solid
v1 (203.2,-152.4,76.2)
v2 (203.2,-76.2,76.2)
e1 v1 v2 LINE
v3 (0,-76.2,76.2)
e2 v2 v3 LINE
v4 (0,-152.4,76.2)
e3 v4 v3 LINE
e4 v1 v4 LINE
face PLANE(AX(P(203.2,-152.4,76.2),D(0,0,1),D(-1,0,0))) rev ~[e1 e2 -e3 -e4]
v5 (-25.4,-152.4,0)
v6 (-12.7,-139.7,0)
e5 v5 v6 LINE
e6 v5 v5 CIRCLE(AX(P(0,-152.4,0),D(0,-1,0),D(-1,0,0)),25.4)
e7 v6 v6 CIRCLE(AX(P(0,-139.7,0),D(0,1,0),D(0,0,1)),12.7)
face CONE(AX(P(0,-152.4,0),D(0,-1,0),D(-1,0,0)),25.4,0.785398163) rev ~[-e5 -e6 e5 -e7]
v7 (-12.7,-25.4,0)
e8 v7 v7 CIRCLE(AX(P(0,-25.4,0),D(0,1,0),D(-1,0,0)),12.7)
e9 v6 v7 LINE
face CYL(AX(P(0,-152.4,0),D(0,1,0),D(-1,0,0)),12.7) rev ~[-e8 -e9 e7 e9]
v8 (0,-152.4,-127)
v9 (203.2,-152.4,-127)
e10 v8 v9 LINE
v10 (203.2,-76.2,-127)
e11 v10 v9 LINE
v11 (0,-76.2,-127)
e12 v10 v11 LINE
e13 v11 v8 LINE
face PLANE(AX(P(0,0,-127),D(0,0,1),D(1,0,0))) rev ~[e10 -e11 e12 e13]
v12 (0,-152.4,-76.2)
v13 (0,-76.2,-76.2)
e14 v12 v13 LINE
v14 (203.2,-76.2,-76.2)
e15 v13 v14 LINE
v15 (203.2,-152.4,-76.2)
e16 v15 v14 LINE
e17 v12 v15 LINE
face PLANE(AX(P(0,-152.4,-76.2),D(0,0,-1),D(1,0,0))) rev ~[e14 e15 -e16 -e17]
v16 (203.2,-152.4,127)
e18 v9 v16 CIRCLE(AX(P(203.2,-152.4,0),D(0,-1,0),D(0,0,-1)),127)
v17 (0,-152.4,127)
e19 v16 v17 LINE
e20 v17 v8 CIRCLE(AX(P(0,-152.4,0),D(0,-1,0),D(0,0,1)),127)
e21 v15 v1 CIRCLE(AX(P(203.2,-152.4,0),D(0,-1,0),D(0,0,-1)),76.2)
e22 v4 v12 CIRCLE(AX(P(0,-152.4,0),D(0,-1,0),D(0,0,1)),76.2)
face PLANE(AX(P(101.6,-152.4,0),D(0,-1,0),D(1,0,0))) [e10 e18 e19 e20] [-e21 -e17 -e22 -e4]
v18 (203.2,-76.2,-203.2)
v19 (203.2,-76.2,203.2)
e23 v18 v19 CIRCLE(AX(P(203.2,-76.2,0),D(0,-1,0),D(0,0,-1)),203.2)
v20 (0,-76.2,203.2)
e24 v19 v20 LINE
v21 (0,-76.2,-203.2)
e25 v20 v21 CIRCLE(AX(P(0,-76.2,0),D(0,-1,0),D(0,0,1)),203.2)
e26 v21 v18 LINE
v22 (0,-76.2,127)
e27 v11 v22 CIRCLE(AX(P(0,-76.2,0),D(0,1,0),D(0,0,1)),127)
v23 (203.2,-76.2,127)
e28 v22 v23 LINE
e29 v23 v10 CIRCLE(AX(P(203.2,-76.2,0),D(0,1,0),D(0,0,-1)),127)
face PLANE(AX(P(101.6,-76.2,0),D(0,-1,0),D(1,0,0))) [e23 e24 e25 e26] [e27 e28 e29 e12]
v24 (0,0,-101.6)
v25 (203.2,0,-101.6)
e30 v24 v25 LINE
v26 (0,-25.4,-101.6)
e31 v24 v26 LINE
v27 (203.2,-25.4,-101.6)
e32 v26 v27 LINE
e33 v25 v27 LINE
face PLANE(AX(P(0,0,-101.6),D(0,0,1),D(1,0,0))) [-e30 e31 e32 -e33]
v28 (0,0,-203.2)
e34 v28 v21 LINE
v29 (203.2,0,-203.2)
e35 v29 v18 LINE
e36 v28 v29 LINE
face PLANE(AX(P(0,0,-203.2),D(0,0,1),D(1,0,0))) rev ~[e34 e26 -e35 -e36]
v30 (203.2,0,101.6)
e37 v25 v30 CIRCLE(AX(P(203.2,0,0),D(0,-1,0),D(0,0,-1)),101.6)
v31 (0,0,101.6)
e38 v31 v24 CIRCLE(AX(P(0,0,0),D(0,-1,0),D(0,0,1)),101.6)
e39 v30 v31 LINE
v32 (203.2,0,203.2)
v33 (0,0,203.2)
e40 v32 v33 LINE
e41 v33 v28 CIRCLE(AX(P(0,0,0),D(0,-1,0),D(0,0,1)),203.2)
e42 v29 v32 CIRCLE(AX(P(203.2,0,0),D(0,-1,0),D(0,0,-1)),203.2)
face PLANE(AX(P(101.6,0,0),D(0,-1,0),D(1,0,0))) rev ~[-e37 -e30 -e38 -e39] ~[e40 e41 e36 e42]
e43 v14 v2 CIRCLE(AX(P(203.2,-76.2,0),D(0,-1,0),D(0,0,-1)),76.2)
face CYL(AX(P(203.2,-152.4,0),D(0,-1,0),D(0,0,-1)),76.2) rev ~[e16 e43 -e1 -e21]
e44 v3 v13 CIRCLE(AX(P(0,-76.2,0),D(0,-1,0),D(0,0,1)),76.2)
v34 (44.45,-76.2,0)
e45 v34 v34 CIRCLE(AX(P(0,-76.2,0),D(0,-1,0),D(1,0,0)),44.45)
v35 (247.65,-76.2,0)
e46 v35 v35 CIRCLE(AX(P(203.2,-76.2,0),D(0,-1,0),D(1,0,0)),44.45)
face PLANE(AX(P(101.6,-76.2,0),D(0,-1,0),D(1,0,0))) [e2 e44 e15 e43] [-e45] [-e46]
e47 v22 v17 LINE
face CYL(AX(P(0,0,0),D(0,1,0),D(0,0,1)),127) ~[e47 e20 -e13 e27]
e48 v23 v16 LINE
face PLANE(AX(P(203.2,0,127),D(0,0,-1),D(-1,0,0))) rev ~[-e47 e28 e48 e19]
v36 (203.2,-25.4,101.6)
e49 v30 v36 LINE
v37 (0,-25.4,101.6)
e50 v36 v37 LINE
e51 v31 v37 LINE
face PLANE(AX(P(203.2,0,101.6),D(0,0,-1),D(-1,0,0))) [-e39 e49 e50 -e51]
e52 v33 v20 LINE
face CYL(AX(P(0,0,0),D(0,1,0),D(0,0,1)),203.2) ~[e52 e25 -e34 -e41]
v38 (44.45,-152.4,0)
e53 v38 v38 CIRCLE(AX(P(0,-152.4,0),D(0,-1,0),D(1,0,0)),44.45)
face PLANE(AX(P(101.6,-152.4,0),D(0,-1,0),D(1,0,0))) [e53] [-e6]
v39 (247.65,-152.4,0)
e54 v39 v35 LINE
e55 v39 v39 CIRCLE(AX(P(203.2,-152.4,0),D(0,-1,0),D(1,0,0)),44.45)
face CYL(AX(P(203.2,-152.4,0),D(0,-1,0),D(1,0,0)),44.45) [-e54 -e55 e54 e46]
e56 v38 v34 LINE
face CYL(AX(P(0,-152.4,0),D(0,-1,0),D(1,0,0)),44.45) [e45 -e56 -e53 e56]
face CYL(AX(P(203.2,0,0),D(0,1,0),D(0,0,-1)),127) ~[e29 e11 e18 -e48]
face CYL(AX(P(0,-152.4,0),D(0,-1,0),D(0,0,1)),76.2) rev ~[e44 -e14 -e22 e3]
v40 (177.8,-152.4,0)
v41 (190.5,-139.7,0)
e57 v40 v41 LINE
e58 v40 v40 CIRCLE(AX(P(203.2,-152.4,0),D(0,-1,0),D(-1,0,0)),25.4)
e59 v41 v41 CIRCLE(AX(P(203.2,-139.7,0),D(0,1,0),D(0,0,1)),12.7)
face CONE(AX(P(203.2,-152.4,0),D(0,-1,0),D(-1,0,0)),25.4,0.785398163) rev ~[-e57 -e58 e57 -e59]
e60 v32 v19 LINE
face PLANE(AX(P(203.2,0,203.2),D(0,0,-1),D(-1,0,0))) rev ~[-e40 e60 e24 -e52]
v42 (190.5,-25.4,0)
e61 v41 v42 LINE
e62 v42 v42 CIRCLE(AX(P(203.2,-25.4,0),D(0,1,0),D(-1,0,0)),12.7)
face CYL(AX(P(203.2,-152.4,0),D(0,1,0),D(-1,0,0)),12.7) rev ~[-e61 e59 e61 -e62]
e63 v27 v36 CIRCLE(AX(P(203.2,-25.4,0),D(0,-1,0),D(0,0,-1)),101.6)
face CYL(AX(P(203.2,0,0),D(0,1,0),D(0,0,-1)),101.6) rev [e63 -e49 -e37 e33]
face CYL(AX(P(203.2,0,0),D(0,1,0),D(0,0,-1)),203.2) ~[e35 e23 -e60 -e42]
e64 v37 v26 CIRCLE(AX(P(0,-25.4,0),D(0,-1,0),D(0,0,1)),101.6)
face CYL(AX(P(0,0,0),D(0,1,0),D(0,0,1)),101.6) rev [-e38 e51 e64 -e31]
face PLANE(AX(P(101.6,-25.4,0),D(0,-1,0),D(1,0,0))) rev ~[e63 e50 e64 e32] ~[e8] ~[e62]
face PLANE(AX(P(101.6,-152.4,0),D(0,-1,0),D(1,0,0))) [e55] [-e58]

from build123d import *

# Parameters (mm, degrees)
F1_DEPTH       = 76.2
F2_DEPTH       = 152.4
F3_R           = 44.45
F4_DEPTH       = 76.2
F6_D           = 25.4
F6_CSINK_D     = 50.8
F6_CSINK_ANGLE = 90
F8_DEPTH       = 25.4


with BuildPart() as f1:
    # F0 (on Front) → F1 (new body)
    with BuildSketch(Plane.XZ):
        with BuildLine():
            Line((203.2, 203.2), (0, 203.2))
            ThreePointArc((0, 203.2), (-203.2, 0), (0, -203.2))
            Line((0, -203.2), (203.2, -203.2))
            ThreePointArc((203.2, -203.2), (406.4, 0), (203.2, 203.2))
        make_face()
        with BuildLine():
            ThreePointArc((0, -127), (-127, 0), (0, 127))
            Line((0, 127), (203.2, 127))
            ThreePointArc((203.2, 127), (330.2, 0), (203.2, -127))
            Line((203.2, -127), (0, -127))
        make_face(mode=Mode.SUBTRACT)
        with BuildLine():
            Line((203.2, 127), (0, 127))
            ThreePointArc((0, 127), (-127, 0), (0, -127))
            Line((0, -127), (203.2, -127))
            ThreePointArc((203.2, -127), (330.2, 0), (203.2, 127))
        make_face()
    extrude(amount=F1_DEPTH)

    # F0 (on Front) → F2 (join)
    with BuildSketch(Plane.XZ):
        with BuildLine():
            Line((203.2, 127), (0, 127))
            ThreePointArc((0, 127), (-127, 0), (0, -127))
            Line((0, -127), (203.2, -127))
            ThreePointArc((203.2, -127), (330.2, 0), (203.2, 127))
        make_face()
    extrude(amount=F2_DEPTH)

    # F3 (on face) → F4 (cut)
    with BuildSketch(Plane.XZ.offset(152.4)):
        with BuildLine():
            Line((203.2, 76.2), (0, 76.2))
            ThreePointArc((0, 76.2), (-76.2, 0), (0, -76.2))
            Line((0, -76.2), (203.2, -76.2))
            ThreePointArc((203.2, -76.2), (279.4, 0), (203.2, 76.2))
        make_face()
        Circle(F3_R, mode=Mode.SUBTRACT)
        with Locations((203.2, 0)):
            Circle(F3_R, mode=Mode.SUBTRACT)
    extrude(amount=-F4_DEPTH, mode=Mode.SUBTRACT)

    # F6 (through all)
    with Locations(Plane.XZ.offset(152.4)):
        with Locations((0, 0), (203.2, 0)):
            CounterSinkHole(F6_D / 2, F6_CSINK_D / 2, counter_sink_angle=F6_CSINK_ANGLE)

    # F7 (on face) → F8 (cut)
    with BuildSketch(Plane.XZ):
        with BuildLine():
            Line((203.2, 101.6), (0, 101.6))
            ThreePointArc((0, 101.6), (-101.6, 0), (0, -101.6))
            Line((0, -101.6), (203.2, -101.6))
            ThreePointArc((203.2, -101.6), (304.8, 0), (203.2, 101.6))
        make_face()
    extrude(amount=F8_DEPTH, mode=Mode.SUBTRACT)


solid = f1.part
